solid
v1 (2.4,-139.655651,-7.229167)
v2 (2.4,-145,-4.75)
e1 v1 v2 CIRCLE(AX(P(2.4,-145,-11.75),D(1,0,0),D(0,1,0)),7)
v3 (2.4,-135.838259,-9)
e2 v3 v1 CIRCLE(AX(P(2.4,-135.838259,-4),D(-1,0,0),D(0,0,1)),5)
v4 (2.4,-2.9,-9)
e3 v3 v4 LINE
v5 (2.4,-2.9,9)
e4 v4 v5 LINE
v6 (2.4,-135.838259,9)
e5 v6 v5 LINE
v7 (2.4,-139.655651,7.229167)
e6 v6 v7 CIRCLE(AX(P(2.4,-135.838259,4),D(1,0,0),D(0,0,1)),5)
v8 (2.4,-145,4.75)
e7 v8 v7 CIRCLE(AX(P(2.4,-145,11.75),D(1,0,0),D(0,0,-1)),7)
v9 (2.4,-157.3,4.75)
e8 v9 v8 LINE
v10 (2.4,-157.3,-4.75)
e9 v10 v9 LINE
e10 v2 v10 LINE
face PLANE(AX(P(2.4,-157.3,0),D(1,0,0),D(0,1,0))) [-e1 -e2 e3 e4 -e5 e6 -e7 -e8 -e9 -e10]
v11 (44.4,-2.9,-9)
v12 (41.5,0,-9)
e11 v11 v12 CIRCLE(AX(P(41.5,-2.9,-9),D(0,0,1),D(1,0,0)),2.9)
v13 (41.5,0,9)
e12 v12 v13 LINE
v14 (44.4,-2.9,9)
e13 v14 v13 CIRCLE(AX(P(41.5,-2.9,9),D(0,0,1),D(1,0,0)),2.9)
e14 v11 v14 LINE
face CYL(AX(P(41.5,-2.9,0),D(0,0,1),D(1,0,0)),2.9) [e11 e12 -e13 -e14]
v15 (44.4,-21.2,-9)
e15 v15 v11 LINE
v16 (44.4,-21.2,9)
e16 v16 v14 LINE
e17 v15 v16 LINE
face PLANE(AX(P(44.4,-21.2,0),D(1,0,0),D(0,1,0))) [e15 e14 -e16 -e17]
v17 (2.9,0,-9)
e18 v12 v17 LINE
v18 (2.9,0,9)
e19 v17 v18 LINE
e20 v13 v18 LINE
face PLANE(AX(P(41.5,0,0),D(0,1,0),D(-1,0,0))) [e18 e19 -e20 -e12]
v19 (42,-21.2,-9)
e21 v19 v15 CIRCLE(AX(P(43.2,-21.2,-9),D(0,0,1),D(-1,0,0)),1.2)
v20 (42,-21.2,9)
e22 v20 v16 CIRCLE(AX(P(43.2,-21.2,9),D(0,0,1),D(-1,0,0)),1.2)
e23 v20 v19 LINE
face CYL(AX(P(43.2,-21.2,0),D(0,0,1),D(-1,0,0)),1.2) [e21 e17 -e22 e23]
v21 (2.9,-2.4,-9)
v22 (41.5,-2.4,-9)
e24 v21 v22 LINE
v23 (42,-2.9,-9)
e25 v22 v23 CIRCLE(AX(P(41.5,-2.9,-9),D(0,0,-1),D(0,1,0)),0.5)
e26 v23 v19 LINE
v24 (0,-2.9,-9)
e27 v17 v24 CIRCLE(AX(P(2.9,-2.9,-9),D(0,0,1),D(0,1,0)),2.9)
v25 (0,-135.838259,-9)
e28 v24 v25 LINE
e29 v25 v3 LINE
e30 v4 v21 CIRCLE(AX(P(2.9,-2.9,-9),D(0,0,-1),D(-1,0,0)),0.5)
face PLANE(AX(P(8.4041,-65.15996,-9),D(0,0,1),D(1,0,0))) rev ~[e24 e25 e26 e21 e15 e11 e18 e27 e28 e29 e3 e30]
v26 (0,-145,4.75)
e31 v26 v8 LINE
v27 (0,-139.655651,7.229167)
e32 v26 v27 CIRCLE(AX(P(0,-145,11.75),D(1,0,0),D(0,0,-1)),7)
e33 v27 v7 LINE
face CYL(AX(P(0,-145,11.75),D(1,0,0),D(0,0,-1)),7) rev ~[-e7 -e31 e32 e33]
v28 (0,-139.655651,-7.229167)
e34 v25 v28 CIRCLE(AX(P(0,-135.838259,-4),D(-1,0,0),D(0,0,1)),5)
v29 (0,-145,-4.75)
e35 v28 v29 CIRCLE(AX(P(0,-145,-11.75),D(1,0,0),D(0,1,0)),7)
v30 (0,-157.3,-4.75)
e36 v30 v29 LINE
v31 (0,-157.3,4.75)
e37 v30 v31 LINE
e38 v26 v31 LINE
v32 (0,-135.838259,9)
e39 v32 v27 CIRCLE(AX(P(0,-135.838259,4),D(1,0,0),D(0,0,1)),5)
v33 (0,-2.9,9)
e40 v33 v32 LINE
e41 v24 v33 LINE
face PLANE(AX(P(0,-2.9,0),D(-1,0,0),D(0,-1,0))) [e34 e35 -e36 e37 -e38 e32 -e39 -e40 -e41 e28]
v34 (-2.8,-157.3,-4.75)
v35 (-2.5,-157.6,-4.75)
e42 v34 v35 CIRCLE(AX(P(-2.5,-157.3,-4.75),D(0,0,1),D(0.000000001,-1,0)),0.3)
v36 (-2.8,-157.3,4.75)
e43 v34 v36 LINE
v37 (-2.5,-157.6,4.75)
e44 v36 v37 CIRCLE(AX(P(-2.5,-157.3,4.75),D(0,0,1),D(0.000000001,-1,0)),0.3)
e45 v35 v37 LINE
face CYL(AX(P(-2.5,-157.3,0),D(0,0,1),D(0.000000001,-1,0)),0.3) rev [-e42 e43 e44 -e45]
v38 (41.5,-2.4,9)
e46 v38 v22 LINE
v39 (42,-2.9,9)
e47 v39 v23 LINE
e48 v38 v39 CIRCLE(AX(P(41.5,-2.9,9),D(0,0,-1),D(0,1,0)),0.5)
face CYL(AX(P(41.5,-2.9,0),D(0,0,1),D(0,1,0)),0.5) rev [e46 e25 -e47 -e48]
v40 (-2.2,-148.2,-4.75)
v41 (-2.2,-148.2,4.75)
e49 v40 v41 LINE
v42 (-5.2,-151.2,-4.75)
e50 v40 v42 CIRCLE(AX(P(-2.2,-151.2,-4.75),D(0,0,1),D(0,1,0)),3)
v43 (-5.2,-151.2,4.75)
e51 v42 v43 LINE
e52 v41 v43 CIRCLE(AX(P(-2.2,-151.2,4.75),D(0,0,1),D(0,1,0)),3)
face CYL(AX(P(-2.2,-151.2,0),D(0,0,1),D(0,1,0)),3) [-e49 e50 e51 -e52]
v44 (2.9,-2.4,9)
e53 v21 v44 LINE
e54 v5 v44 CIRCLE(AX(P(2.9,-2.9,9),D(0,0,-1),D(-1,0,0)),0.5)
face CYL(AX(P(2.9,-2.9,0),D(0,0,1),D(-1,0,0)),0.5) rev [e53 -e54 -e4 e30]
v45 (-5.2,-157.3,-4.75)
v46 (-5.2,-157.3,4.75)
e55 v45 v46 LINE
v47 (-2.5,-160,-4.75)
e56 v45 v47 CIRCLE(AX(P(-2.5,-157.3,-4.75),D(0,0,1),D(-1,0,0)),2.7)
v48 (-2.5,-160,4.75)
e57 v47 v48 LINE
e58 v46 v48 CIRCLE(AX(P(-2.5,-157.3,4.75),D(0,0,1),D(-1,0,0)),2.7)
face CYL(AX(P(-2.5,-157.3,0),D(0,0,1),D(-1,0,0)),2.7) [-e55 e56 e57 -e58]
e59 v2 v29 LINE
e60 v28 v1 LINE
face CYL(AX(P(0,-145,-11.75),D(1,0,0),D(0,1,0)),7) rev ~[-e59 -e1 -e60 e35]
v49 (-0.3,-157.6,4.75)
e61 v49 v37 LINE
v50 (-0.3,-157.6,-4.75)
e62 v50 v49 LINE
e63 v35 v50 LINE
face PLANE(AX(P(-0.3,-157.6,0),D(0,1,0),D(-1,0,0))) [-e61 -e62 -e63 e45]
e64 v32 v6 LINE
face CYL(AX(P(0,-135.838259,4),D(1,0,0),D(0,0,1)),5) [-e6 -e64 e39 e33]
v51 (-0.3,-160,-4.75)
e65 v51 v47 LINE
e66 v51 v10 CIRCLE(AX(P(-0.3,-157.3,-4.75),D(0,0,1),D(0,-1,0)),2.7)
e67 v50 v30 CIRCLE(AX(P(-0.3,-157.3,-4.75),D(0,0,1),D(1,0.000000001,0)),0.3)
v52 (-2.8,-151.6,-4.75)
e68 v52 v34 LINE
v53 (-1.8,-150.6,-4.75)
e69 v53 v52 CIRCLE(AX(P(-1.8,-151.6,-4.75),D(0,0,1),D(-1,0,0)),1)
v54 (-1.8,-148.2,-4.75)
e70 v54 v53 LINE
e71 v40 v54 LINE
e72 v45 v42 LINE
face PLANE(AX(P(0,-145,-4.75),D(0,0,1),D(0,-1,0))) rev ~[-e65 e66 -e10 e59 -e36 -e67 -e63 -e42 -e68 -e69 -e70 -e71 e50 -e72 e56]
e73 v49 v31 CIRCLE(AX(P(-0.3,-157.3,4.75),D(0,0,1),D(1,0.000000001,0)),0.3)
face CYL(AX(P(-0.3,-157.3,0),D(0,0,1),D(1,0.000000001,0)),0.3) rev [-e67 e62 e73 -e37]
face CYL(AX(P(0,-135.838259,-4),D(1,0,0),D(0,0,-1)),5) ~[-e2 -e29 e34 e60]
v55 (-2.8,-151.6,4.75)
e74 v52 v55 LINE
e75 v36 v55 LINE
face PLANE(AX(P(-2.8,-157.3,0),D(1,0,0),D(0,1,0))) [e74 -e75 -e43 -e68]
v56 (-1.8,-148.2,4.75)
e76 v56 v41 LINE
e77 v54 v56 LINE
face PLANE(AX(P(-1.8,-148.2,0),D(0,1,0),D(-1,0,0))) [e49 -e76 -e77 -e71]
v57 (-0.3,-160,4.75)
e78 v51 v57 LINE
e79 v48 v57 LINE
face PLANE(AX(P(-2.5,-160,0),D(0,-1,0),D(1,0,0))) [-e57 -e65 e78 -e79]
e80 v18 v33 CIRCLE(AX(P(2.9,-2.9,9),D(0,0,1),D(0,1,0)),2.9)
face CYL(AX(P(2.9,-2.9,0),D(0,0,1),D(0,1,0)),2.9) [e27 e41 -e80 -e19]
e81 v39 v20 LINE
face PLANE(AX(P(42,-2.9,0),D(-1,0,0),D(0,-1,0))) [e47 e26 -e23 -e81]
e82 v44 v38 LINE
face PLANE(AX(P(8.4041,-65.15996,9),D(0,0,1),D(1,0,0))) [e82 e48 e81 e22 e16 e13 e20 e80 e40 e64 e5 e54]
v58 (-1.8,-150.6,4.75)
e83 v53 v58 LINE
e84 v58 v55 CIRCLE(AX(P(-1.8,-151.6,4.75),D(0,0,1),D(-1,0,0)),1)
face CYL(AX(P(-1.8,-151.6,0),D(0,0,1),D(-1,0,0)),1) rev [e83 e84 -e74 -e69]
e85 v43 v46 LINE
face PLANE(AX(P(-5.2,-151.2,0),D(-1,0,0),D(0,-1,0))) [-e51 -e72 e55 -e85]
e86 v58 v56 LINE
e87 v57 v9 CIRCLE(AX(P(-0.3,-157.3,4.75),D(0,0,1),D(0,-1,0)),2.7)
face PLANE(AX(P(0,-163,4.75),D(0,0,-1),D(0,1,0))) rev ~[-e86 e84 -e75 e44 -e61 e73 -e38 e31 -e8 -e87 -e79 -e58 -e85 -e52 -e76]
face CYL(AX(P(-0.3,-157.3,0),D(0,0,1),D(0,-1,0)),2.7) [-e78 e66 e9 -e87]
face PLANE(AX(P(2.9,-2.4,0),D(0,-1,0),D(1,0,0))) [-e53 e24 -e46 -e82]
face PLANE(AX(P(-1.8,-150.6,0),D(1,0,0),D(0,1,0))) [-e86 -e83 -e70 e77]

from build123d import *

# Parameters (mm, degrees)
F1_DEPTH = 9
F3_DEPTH = 10
F4_R     = 5


with BuildPart() as f1:
    # F0 (on Top) → F1 (new body, symmetric)
    with BuildSketch(Plane.XY):
        with BuildLine():
            ThreePointArc((42, -21.2), (43.2, -22.4), (44.4, -21.2))
            Line((44.4, -21.2), (44.4, -2.9))
            ThreePointArc((44.4, -2.9), (43.5506096654, -0.8493903346), (41.5, 0))
            Line((41.5, 0), (2.9, 0))
            ThreePointArc((2.9, 0), (0.8493903346, -0.8493903346), (0, -2.9))
            Line((0, -2.9), (0, -157.3))
            ThreePointArc((0, -157.3), (-0.0878679656, -157.5121320344), (-0.3, -157.6))
            Line((-0.3, -157.6), (-2.5, -157.6))
            ThreePointArc((-2.5, -157.6), (-2.7121320344, -157.5121320344), (-2.8, -157.3))
            Line((-2.8, -157.3), (-2.8, -151.6))
            ThreePointArc((-2.8, -151.6), (-2.5071067812, -150.8928932188), (-1.8, -150.6))
            Line((-1.8, -150.6), (-1.8, -148.2))
            Line((-1.8, -148.2), (-2.2, -148.2))
            ThreePointArc((-2.2, -148.2), (-4.3213203436, -149.0786796564), (-5.2, -151.2))
            Line((-5.2, -151.2), (-5.2, -157.3))
            ThreePointArc((-5.2, -157.3), (-4.4091883092, -159.2091883092), (-2.5, -160))
            Line((-2.5, -160), (-0.3, -160))
            ThreePointArc((-0.3, -160), (1.6091883092, -159.2091883092), (2.4, -157.3))
            Line((2.4, -157.3), (2.4, -2.9))
            ThreePointArc((2.4, -2.9), (2.5464466094, -2.5464466094), (2.9, -2.4))
            Line((2.9, -2.4), (41.5, -2.4))
            ThreePointArc((41.5, -2.4), (41.8535533906, -2.5464466094), (42, -2.9))
            Line((42, -2.9), (42, -21.2))
        make_face()
    extrude(amount=F1_DEPTH, both=True)

    # F2 (on Right) → F3 (cut, symmetric)
    with BuildSketch(Plane.YZ):
        with BuildLine():
            Line((-163, 4.75), (-145, 4.75))
            ThreePointArc((-145, 4.75), (-140.0502525317, 6.8002525317), (-138, 11.75))
            Line((-138, 11.75), (-168, 11.75))
            Line((-168, 11.75), (-168, -11.75))
            Line((-168, -11.75), (-138, -11.75))
            ThreePointArc((-138, -11.75), (-140.0502525317, -6.8002525317), (-145, -4.75))
            Line((-145, -4.75), (-163, -4.75))
            Line((-163, -4.75), (-163, 4.75))
        make_face()
    extrude(amount=F3_DEPTH, both=True, mode=Mode.SUBTRACT)

    # F4
    f4_edges = [f1.edges().sort_by_distance(p)[0] for p in [
        (1.2, -138.562803, 9),
        (1.2, -138.562803, -9),
    ]]
    fillet(f4_edges, radius=F4_R)


solid = f1.part
